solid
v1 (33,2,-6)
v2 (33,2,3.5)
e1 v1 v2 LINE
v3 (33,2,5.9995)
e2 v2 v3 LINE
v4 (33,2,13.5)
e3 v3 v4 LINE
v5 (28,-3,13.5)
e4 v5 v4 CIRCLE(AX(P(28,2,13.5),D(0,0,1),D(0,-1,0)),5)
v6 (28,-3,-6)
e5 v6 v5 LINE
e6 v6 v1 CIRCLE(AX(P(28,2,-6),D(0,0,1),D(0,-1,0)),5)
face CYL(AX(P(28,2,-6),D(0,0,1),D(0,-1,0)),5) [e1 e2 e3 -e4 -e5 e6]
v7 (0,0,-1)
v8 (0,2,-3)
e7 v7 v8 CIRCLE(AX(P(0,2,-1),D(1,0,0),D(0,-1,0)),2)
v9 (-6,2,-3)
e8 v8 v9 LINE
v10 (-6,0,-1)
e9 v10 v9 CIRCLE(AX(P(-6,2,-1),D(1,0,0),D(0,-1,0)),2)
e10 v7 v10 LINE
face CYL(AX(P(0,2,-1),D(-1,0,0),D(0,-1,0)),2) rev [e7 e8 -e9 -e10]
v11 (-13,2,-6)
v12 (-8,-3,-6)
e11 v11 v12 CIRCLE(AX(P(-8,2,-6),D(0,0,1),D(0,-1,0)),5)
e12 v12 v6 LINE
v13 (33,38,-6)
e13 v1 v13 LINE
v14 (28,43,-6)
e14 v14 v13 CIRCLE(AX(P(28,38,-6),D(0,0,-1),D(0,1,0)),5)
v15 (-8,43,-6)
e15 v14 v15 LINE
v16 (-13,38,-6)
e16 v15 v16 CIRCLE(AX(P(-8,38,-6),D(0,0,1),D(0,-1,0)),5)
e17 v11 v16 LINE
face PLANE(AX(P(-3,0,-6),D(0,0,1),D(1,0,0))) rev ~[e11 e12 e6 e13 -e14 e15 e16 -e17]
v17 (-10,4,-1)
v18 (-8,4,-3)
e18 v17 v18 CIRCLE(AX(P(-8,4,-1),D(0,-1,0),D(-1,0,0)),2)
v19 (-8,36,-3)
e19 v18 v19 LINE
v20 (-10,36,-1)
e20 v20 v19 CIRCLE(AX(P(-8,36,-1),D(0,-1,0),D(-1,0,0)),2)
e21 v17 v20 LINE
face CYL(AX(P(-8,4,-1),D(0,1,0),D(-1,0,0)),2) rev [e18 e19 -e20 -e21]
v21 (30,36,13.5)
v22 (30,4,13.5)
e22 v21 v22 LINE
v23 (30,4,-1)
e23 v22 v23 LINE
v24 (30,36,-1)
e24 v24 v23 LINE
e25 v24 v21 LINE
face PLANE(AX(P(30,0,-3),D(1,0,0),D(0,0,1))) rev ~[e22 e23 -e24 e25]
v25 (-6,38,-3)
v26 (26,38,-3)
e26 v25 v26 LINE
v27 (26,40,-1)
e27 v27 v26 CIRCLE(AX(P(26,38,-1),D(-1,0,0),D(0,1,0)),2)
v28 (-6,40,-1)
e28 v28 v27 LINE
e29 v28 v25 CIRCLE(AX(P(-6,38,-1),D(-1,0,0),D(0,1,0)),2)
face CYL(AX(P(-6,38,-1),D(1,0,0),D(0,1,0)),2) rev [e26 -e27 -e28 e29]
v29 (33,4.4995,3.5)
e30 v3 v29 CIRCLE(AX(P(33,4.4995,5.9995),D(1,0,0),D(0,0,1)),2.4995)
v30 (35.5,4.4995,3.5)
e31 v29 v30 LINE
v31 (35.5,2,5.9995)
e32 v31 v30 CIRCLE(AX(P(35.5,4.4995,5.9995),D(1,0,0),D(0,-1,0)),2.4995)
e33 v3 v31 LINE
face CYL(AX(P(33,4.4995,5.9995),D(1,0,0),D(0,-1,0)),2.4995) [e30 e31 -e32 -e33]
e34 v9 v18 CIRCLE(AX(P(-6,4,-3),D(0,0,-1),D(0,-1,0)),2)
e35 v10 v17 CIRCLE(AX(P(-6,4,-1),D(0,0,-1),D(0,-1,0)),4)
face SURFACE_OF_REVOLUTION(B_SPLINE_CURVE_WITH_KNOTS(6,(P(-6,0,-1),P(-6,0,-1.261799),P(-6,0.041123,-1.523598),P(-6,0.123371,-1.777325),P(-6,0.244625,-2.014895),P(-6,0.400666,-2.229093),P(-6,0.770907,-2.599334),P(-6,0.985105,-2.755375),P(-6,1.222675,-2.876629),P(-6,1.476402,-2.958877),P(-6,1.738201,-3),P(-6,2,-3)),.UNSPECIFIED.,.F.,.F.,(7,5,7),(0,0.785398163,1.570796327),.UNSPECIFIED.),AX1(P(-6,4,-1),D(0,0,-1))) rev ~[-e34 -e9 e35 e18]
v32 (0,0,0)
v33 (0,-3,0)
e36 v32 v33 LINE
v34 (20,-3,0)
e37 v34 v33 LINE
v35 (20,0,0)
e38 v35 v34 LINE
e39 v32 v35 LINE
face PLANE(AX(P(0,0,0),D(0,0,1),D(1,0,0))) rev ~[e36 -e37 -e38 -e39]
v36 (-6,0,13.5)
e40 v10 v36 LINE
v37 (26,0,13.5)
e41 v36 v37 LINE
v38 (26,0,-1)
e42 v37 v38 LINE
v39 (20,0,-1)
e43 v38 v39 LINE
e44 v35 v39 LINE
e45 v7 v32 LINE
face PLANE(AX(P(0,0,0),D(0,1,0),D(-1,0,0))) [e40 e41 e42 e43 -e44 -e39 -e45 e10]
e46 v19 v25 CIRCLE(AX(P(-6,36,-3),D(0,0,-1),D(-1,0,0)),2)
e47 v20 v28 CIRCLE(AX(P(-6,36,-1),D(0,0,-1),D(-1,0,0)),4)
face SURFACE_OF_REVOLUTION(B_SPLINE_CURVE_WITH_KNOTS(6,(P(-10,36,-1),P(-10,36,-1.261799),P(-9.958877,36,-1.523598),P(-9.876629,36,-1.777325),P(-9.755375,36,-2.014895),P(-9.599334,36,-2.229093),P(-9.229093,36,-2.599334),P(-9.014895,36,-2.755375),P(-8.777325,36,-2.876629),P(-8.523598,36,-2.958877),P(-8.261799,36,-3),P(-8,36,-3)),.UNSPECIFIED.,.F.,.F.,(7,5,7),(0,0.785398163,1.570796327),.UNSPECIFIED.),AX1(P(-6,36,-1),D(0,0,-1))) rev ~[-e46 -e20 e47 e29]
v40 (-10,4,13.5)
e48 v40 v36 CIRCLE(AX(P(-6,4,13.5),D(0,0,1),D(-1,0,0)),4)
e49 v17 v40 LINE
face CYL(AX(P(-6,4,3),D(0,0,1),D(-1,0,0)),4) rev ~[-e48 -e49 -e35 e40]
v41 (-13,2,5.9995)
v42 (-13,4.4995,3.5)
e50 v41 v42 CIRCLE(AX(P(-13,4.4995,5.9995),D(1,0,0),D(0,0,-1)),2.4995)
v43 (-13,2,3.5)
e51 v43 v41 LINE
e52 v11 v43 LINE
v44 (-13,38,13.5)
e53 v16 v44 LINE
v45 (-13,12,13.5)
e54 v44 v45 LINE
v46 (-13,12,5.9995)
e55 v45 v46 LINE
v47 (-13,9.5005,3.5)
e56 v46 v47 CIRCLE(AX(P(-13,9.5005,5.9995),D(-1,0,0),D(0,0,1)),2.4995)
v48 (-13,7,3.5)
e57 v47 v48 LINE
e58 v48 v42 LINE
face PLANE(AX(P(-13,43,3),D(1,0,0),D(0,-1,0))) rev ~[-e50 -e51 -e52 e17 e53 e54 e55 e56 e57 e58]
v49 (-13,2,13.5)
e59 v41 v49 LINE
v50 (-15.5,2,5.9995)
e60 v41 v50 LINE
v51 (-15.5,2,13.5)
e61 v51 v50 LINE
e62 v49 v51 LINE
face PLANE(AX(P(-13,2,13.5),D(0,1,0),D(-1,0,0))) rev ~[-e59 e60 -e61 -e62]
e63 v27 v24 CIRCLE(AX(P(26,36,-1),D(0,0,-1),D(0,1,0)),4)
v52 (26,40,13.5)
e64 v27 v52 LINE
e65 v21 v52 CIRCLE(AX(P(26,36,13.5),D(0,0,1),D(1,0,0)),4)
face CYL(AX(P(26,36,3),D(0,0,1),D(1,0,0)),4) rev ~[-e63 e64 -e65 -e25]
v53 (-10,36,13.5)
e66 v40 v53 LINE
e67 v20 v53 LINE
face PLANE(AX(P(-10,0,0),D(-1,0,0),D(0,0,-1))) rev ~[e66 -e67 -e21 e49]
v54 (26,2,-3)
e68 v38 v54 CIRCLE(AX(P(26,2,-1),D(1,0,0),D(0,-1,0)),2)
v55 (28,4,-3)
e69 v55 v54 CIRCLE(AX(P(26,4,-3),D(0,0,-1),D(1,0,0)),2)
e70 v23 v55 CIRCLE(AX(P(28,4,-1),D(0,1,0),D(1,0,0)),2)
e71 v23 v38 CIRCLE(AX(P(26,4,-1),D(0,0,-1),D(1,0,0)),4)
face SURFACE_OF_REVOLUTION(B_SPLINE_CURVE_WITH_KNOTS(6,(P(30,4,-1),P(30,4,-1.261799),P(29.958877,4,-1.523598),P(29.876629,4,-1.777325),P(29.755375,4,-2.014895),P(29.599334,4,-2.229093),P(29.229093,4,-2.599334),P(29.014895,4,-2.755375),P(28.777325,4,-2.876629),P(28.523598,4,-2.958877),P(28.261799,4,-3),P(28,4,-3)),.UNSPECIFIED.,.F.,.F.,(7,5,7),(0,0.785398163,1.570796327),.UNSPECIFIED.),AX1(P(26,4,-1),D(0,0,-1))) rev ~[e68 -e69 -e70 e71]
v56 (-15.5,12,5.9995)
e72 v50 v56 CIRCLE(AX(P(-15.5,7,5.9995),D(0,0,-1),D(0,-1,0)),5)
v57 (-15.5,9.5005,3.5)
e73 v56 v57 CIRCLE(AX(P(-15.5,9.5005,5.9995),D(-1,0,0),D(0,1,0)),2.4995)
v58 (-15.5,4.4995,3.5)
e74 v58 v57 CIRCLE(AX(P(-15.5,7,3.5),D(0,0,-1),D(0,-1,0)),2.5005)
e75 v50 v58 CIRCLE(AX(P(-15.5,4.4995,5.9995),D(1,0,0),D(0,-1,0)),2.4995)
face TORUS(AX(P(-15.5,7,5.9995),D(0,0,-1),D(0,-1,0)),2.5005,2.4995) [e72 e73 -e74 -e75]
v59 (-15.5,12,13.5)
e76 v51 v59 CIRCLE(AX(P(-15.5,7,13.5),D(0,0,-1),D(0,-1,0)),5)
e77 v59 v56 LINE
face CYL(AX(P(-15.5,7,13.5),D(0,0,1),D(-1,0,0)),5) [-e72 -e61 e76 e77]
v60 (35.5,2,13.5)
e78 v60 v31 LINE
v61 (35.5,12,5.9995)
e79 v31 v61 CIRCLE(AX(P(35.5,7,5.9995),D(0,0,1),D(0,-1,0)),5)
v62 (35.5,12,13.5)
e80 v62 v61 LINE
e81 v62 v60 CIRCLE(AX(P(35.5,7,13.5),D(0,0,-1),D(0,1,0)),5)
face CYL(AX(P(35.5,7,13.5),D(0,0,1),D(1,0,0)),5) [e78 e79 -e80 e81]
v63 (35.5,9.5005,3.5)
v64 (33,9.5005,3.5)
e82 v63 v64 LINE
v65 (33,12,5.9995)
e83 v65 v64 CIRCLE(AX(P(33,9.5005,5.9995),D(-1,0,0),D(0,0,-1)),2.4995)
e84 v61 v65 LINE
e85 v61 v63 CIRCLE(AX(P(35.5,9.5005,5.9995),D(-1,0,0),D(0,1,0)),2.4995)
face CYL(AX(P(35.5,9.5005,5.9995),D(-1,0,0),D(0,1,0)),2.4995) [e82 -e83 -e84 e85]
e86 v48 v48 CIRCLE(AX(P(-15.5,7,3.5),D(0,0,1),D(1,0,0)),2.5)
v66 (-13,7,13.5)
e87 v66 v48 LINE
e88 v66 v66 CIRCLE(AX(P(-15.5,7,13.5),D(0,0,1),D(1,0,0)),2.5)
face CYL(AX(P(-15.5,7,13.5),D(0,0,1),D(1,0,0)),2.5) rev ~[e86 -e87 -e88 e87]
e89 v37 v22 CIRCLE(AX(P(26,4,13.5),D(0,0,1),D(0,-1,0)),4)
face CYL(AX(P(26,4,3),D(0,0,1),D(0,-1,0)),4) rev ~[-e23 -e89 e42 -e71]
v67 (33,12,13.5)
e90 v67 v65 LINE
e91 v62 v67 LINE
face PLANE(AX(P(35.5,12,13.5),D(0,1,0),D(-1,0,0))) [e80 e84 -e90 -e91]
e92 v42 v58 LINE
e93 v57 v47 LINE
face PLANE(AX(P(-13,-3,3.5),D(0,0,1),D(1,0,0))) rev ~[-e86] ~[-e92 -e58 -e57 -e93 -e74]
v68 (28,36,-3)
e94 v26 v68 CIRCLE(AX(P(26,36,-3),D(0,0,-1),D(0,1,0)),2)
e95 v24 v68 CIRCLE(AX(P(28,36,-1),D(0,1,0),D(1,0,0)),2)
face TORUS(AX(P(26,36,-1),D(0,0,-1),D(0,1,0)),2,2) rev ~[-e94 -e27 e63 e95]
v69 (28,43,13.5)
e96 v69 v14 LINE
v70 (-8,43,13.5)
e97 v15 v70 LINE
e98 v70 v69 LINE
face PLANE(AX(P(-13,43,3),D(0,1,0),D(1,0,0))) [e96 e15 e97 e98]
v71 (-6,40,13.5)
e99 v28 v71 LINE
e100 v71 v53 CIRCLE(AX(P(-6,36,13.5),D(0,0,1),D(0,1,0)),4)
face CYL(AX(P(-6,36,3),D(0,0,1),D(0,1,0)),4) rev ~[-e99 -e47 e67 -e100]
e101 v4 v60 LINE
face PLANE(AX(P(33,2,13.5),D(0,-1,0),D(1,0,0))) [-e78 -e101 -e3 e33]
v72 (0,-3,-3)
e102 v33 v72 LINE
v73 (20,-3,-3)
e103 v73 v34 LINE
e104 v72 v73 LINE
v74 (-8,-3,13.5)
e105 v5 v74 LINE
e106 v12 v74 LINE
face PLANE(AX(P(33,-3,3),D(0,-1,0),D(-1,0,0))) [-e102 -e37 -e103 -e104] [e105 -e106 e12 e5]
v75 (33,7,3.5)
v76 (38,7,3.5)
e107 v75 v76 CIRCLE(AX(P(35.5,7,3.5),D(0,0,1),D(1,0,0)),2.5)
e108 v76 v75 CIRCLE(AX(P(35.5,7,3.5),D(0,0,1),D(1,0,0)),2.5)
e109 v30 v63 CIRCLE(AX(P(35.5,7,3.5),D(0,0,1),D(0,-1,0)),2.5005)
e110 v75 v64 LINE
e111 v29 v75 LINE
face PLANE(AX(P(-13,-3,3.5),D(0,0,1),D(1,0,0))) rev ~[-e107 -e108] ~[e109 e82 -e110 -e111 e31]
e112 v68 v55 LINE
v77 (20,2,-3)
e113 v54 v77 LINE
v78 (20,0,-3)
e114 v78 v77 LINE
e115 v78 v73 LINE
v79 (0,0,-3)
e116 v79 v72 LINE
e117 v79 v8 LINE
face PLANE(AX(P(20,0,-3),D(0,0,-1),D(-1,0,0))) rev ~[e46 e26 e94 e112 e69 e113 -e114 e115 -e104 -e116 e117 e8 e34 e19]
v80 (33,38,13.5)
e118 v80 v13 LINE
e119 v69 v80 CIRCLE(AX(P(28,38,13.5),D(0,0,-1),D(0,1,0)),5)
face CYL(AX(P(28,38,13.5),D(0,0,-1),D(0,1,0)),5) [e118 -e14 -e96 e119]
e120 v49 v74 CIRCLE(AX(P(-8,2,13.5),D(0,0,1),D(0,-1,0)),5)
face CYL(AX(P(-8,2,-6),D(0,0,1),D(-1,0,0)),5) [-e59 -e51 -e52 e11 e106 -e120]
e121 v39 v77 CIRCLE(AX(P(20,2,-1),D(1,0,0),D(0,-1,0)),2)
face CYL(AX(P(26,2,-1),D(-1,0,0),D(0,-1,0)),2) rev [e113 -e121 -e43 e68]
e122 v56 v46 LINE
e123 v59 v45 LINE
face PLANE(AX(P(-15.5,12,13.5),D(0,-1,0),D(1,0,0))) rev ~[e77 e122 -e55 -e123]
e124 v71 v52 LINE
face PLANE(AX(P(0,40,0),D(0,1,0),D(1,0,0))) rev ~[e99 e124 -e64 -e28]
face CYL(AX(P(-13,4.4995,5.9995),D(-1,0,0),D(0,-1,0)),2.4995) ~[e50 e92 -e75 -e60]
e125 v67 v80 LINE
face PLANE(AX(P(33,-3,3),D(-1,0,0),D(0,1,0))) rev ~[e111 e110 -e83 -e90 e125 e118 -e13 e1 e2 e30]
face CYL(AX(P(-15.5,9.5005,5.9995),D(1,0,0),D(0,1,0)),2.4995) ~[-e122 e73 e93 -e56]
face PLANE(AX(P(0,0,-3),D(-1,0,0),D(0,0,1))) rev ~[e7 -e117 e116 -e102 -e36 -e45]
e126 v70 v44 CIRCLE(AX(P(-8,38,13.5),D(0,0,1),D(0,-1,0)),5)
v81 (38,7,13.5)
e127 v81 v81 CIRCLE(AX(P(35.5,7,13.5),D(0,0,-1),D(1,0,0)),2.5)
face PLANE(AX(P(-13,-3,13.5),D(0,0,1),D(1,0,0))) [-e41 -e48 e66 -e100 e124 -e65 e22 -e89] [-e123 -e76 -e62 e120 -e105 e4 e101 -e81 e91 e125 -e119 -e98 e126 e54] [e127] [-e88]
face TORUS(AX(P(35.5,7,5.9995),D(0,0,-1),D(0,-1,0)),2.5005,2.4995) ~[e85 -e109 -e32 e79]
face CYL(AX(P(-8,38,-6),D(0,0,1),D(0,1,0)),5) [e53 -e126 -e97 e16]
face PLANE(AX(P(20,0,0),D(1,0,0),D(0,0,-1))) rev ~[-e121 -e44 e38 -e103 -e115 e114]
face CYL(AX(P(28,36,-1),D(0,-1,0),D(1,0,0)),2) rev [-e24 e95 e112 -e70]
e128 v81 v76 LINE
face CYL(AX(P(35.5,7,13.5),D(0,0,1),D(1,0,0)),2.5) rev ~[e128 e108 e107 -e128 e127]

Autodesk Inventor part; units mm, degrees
ref_plane "YZ Plane" through (0, 0, 0) normal (1, 0, 0) x (0, 1, 0)
ref_plane "XZ Plane" through (0, 0, 0) normal (0, 1, 0) x (-1, 0, 0)
ref_plane "XY Plane" through (0, 0, 0) normal (0, 0, 1) x (1, 0, 0)
sketch "Sketch1" plane through (0, 0, 0) normal (0, 1, 0) x (-1, 0, 0)
  line L0 (0, 0) -> (-20, 0)
  line L1 (-20, 0) -> (-20, -3)
  line L2 (-20, -3) -> (0, -3)
  line L3 (0, -3) -> (0, 0)
  line L4 (3, -6) -> (-23, -6)
  line L5 (-23, -6) -> (-23, 3)
  line L6 (-23, 3) -> (3, 3)
  line L7 (3, 3) -> (3, -6)
  line L8 (-30, -6) -> (-30, 3)
  line L9 (10, 3) -> (10, -6)
  line L10 (3, -6) -> (10, -6)
  line L11 (3, 3) -> (10, 3)
  line L12 (-23, 3) -> (-30, 3)
  line L13 (-23, -6) -> (-30, -6)
  line L14 (10, -6) -> (13, -6)
  line L15 (13, -6) -> (13, 3)
  line L16 (13, 3) -> (10, 3)
  line L17 (-30, 3) -> (-33, 3)
  line L18 (-33, 3) -> (-33, -6)
  line L19 (-33, -6) -> (-30, -6)
  line L20 (0, 0) -> (10, 0)
  line L21 (0, -3) -> (10, -3)
  line L22 (-20, 0) -> (-30, 0)
  line L23 (-20, -3) -> (-30, -3)
  dimension "d0" = 20
  dimension "d1" = 3
  dimension "d2" = 3
  dimension "d6" = 40
  dimension "d7" = 3
  dimension "d8" = 3
extrude "Extrusion1" add sketch "Sketch1" against normal blind 3 contours L20 L7 L21 L3 | L0 L22 L5 L6 L7 L20 | L1 L23 L5 L22 | L21 L7 L4 L5 L23 L2 | L20 L9 L21 L7 | L7 L11 L9 L20 | L22 L8 L12 L5 | L5 L23 L8 L22 | L21 L9 L10 L7 | L9 L16 L15 L14 | L5 L13 L8 L23 | L8 L19 L18 L17
extrude "Extrusion2" add sketch "Sketch1" along normal blind 40 contours L0 L22 L5 L6 L7 L20 | L21 L7 L4 L5 L23 L2 | L7 L11 L9 L20 | L22 L8 L12 L5 | L21 L9 L10 L7 | L9 L16 L15 L14 | L5 L13 L8 L23 | L8 L19 L18 L17
sketch "Sketch2" plane through (0, 40, 0) normal (0, 1, 0) x (1, 0, 0)
  line L0 (33, 6) -> (-13, 6) projected
  line L1 (-13, 6) -> (-13, -3) projected
  line L2 (-13, -3) -> (33, -3) projected
  line L3 (33, -3) -> (33, 6) projected
  line L4 (-10, 3) -> (30, 3) projected
  line L5 (30, 3) -> (30, 0) projected
  line L6 (30, 0) -> (-10, 0) projected
  line L7 (-10, 0) -> (-10, 3) projected
  point P0 (0, 0)
extrude "Extrusion3" add sketch "Sketch2" along normal blind 3 contours L3 L2 L1 L0 | L4 L5 L6 L7
sketch "Sketch3" plane through (-13, -3, 3) normal (0, 0, 1) x (1, 0, 0)
  line L0 (7, 43) -> (39, 43)
  line L1 (43, 39) -> (43, 7)
  line L2 (39, 3) -> (7, 3)
  line L3 (3, 7) -> (3, 39)
  line L4 (0, 46) -> (0, 0) projected
  line L5 (46, 0) -> (0, 0) projected
  line L6 (46, 0) -> (46, 46) projected
  line L7 (0, 46) -> (46, 46) projected
  arc A0 (7, 43) -> (3, 39) centre (7, 39) ccw
  arc A1 (43, 39) -> (39, 43) centre (39, 39) ccw
  arc A2 (39, 3) -> (43, 7) centre (39, 7) ccw
  arc A3 (3, 7) -> (7, 3) centre (7, 7) ccw
  line L8 (43, 3) -> (33, 3) projected
  line L9 (43, 3) -> (39, 3)
  line L10 (43, 3) -> (43, 43) projected
  line L11 (43, 3) -> (43, 7)
  point P0 (13, 3)
  point P1 (3, 43)
  point P2 (3, 3)
  dimension "d13" = 40
  dimension "d14" = 40
  dimension "d15" = 3
  dimension "d16" = 3
  dimension "d21" = 4
extrude "Extrusion4" cut sketch "Sketch3" against normal blind 3 contours L0 A1 L1 A2 L2 A3 L3 A0
extrude "Extrusion6" add sketch "Sketch3" against normal blind 8 contours L10 L8 A2 | L7 L6 L5 L4
extrude "Extrusion7" add sketch "Sketch3" along normal blind 10.5 contours L10 L8 A2 | L7 L6 L5 L4
extrude "Extrusion8" cut sketch "Sketch1" against normal blind 10.5 contours L3 L2 L1 L0
fillet "Fillet1" radius 5 4 edges at (-13, 43, 3.75) (33, 43, 3.75) (-13, -3, 3.75) (33, -3, 3.75)
sketch "Sketch4" plane through (-13, -3, 13.5) normal (0, 0, 1) x (1, 0, 0)
  arc A0 (41, 0) -> (46, 5) centre (41, 5) ccw projected
  line L0 (46, 5) -> (46, 41) projected
  arc A1 (46, 41) -> (41, 46) centre (41, 41) ccw projected
  line L1 (41, 46) -> (5, 46) projected
  arc A2 (5, 46) -> (0, 41) centre (5, 41) ccw projected
  line L2 (0, 41) -> (0, 5) projected
  arc A3 (0, 5) -> (5, 0) centre (5, 5) ccw projected
  line L3 (5, 0) -> (41, 0) projected
  line L4 (7, 43) -> (39, 43) projected
  arc A4 (43, 39) -> (39, 43) centre (39, 39) ccw projected
  line L5 (43, 39) -> (43, 7) projected
  arc A5 (39, 3) -> (43, 7) centre (39, 7) ccw projected
  line L6 (39, 3) -> (7, 3) projected
  arc A6 (3, 7) -> (7, 3) centre (7, 7) ccw projected
  line L7 (3, 7) -> (3, 39) projected
  arc A7 (7, 43) -> (3, 39) centre (7, 39) ccw projected
  arc A8 (0, 5) -> (5, 0) centre (5, 5) ccw projected
  line L8 (0, 5) -> (-2.5, 5)
  line L9 (-7.5, 10) -> (-7.5, 10)
  line L10 (-2.5, 15) -> (0, 15)
  arc A9 (-2.5, 15) -> (-7.5, 10) centre (-2.5, 10) ccw
  arc A10 (-7.5, 10) -> (-2.5, 5) centre (-2.5, 10) ccw
  line L11 (46, 5) -> (48.5, 5)
  line L12 (53.5, 10) -> (53.5, 10)
  line L13 (48.5, 15) -> (46, 15)
  line L14 (46, 15) -> (46, 5)
  circle A11 centre (48.5, 10) radius 2.5
  arc A12 (53.5, 10) -> (48.5, 15) centre (48.5, 10) ccw
  arc A13 (48.5, 5) -> (53.5, 10) centre (48.5, 10) ccw
  circle A14 centre (-2.5, 10) radius 2.5
  point P0 (13, 3)
  point P1 (-7.5, 5)
  point P2 (-7.5, 15)
  point P3 (-7.5, 10)
  point P4 (53.5, 15)
  point P5 (53.5, 5)
  point P6 (53.5, 10)
  point P7 (46, 10)
  point P8 (-7.5, 10)
  point P9 (0, 10)
  dimension "d29" = 7.5
  dimension "d30" = 10
  dimension "d33" = 5
  dimension "d34" = 7.5
  dimension "d35" = 10
  dimension "d36" = 5
  dimension "d37" = 5
  dimension "d38" = 5
  dimension "d41" = 5
extrude "Extrusion9" add sketch "Sketch4" against normal blind 10 contours L0 L13 A12 A13 L11 | L8 A10 A9 L10 L2
fillet "Fillet2" radius 2 3 edges at (-10, 20, -3) (10, 40, -3) (30, 20, -3)
fillet "Fillet4" radius 2.5 6 edges at (34.25, 2, 3.5) (34.25, 12, 3.5) (40.5, 7, 3.5) (-14.25, 12, 3.5) (-14.25, 2, 3.5) (-20.5, 7, 3.5)
properties part number "FANHOLDER_3DPrint"
